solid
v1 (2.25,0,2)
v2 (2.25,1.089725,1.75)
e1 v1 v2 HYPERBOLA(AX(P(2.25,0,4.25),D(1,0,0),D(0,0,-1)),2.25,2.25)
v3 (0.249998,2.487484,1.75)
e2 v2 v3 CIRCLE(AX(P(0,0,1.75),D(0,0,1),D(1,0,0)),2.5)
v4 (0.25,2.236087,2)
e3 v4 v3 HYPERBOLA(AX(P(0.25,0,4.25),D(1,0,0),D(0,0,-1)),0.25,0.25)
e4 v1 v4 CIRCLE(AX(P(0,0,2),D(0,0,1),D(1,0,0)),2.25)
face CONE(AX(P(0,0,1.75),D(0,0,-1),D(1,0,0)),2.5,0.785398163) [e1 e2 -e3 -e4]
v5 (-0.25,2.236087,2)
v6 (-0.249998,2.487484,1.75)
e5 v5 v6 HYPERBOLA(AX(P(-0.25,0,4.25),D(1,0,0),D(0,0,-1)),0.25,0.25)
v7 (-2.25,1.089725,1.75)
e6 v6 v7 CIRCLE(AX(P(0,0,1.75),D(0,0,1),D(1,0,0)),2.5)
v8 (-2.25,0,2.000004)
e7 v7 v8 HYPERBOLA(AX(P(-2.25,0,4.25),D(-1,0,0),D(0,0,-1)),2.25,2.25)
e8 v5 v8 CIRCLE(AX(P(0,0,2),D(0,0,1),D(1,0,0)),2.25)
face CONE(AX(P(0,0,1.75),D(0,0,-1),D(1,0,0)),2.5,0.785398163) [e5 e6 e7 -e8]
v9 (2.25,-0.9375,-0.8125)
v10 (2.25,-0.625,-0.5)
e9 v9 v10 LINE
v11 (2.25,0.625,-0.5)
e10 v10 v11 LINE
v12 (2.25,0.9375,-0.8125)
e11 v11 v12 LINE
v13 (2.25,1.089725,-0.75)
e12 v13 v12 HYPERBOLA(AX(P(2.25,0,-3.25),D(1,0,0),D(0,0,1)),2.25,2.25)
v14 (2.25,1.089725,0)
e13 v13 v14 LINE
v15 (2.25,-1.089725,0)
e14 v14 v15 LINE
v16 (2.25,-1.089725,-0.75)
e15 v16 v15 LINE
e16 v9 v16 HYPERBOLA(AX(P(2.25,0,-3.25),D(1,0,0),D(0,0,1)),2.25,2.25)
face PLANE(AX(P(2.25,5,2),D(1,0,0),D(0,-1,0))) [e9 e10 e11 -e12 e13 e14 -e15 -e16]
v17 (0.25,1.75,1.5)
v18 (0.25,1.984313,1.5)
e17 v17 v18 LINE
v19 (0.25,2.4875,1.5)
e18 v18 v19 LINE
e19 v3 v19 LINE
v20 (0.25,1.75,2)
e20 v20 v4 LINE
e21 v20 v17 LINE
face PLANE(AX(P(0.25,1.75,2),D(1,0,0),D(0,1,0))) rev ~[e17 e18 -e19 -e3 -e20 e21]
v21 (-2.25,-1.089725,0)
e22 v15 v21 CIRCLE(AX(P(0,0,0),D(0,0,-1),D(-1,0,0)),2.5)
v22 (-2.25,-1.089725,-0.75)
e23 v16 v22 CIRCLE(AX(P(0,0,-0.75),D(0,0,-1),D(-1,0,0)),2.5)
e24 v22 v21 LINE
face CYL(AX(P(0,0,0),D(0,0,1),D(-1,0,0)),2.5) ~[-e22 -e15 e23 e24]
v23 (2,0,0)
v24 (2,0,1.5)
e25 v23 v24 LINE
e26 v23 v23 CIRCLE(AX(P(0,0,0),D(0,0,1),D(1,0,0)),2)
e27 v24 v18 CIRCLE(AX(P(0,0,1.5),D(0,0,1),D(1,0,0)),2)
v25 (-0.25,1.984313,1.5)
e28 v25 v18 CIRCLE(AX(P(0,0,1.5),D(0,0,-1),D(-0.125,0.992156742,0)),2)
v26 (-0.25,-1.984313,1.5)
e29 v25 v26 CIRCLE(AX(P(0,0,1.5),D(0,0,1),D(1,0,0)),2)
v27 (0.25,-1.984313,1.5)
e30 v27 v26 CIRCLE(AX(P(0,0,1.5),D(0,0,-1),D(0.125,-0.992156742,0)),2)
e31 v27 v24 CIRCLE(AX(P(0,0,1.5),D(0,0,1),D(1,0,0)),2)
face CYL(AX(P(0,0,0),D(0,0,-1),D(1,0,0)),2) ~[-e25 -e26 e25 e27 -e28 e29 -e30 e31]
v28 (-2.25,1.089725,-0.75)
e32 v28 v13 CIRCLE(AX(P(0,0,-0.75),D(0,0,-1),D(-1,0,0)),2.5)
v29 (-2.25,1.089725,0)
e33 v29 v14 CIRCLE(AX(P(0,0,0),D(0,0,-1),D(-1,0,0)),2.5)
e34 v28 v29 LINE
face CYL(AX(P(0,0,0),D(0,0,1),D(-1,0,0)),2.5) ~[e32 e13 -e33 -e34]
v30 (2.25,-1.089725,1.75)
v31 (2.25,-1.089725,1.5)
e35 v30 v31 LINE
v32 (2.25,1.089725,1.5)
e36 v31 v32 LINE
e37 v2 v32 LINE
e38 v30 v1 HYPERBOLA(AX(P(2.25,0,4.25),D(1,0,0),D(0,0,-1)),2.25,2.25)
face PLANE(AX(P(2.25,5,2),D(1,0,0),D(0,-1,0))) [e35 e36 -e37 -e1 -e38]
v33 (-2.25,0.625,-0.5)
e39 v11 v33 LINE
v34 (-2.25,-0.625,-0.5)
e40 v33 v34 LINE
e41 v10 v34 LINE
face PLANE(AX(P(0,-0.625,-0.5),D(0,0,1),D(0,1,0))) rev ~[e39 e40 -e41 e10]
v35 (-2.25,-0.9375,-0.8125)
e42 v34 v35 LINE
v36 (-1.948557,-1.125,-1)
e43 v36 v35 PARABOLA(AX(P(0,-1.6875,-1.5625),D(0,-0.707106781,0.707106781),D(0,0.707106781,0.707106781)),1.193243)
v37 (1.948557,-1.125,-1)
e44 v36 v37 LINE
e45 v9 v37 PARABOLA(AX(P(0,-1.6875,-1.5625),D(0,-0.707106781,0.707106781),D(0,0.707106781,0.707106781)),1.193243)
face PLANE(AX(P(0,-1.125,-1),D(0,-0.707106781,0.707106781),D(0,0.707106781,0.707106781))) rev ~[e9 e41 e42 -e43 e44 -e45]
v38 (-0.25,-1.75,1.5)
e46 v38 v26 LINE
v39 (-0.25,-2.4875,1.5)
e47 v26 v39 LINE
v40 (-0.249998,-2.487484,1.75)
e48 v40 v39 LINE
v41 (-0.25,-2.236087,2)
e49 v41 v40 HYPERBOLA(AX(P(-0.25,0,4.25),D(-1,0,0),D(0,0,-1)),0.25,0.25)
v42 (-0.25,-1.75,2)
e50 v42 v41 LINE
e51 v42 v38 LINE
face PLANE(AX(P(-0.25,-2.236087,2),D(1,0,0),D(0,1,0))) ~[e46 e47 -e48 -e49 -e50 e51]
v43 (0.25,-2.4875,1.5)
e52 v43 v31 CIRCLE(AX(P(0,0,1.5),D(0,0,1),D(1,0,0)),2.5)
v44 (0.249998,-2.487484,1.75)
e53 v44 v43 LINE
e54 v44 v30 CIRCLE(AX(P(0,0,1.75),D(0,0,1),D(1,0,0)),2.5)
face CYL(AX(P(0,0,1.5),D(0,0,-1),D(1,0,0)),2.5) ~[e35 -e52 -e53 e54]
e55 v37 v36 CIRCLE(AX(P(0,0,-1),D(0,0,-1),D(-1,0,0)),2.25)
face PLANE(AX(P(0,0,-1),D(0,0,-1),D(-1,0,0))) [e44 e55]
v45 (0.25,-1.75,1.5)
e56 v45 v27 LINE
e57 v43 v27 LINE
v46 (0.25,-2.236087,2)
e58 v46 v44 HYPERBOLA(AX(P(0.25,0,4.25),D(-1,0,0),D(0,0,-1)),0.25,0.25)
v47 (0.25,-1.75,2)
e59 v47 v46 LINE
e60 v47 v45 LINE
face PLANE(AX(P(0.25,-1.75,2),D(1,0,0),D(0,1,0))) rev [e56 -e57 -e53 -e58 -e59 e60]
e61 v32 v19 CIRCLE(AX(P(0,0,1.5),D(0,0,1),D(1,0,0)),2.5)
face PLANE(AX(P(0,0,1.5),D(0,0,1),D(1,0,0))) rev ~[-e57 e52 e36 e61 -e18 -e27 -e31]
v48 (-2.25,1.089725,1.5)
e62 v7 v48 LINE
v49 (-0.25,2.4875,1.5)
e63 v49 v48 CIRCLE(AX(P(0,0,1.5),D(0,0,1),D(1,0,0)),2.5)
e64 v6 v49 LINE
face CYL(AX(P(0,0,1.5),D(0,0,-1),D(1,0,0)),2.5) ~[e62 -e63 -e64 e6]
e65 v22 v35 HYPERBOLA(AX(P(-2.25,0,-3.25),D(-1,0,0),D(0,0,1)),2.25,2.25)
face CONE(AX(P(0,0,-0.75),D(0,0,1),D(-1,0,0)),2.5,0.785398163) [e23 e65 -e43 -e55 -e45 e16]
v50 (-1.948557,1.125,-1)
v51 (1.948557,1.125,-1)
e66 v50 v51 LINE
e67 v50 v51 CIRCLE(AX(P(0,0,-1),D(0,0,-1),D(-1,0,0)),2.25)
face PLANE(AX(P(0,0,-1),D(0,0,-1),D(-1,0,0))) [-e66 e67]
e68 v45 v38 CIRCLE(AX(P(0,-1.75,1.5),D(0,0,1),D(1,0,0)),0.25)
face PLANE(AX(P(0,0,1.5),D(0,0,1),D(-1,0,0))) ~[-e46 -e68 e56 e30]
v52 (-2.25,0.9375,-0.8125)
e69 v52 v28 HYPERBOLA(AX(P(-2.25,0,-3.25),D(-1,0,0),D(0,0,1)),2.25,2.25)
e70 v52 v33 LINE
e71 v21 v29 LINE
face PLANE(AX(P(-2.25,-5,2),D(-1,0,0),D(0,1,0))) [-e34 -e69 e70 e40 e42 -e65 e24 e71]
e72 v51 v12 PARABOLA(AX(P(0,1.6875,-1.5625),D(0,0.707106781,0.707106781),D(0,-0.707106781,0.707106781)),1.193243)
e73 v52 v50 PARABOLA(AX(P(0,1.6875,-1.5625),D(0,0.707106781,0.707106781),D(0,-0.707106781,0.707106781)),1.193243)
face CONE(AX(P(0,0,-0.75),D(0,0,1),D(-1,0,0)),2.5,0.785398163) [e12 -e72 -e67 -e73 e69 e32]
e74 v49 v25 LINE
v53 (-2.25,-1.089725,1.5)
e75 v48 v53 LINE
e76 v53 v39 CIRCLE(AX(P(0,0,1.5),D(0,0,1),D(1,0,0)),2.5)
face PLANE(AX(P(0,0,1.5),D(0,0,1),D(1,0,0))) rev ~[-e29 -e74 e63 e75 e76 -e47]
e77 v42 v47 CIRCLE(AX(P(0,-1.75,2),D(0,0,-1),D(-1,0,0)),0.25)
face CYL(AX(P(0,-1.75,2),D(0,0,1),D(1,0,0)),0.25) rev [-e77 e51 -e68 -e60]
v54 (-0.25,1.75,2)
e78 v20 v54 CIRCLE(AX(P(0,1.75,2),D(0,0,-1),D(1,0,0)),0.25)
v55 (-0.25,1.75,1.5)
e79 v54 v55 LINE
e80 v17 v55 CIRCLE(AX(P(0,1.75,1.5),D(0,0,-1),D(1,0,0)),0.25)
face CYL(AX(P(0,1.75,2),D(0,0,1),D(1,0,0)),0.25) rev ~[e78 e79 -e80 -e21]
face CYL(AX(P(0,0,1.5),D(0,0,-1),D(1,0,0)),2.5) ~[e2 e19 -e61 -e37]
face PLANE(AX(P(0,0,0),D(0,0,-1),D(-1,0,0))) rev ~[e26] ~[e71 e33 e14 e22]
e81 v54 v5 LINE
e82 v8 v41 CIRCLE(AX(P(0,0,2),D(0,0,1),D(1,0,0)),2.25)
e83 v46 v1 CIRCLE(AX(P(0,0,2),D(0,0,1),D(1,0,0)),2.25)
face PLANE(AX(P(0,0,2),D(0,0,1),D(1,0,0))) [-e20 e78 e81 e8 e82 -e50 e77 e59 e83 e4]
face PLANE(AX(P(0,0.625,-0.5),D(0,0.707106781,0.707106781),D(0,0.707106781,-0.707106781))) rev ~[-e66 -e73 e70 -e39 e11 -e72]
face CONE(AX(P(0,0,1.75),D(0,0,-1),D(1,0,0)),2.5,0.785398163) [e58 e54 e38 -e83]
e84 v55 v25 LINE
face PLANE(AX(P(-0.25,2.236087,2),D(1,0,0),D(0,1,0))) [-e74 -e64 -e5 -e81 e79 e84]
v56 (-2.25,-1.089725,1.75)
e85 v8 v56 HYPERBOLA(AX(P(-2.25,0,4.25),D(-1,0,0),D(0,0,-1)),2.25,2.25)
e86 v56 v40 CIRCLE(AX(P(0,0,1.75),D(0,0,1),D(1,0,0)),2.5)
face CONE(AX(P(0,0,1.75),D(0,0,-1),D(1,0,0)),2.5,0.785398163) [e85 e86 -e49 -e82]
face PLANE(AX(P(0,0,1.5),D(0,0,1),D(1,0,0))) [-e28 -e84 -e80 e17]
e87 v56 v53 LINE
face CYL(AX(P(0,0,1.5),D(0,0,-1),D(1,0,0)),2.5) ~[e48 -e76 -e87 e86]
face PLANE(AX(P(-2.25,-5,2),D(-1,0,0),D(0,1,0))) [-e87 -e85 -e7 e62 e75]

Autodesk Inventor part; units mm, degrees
ref_plane "YZ Plane" through (0, 0, 0) normal (1, 0, 0) x (0, 1, 0)
ref_plane "XZ Plane" through (0, 0, 0) normal (0, 1, 0) x (-1, 0, 0)
ref_plane "XY Plane" through (0, 0, 0) normal (0, 0, 1) x (1, 0, 0)
sketch "Sketch1" plane through (0, 0, 0) normal (0, 0, 1) x (1, 0, 0)
  circle A0 centre (0, 0) radius 2
  dimension "d0" = 4
extrude "Extrusion1" add sketch "Sketch1" along normal blind 1.5
sketch "Sketch2" plane through (0, 0, 0) normal (0, 0, -1) x (-1, 0, 0)
  circle A0 centre (0, 0) radius 2.5
  dimension "d3" = 5
extrude "Extrusion2" add sketch "Sketch2" along normal blind 1
sketch "Sketch3" plane through (0, 0, 1.5) normal (0, 0, 1) x (1, 0, 0)
  circle A0 centre (0, 0) radius 2.5
  dimension "d6" = 5
extrude "Extrusion3" add sketch "Sketch3" along normal blind 0.5
chamfer "Chamfer1" distance 0.25 angle 45 2 edges at (-2.5, 0, 2) (2.5, 0, -1)
sketch "Sketch4" plane through (0, 0, 0) normal (1, 0, 0) x (0, 1, 0)
  line L0 (2.5, 0) -> (-2.5, 0) projected
  line L1 (-2.5, -1) -> (2.5, -1) projected
  line L2 (0, -1) -> (0, 0)
  line L3 (-1.125, -1) -> (-0.625, -0.5)
  line L4 (-0.625, -0.5) -> (0.625, -0.5)
  line L5 (0.625, -0.5) -> (1.125, -1)
  point P0 (0, -0.5)
  dimension "d14" = 1.25
extrude "Extrusion4" cut sketch "Sketch4" along normal through all both and the other way through all
sketch "Sketch5" plane through (0, 0, 2) normal (0, 0, 1) x (1, 0, 0)
  line L0 (-2.25, 5) -> (2.25, 5)
  line L1 (2.25, 5) -> (2.25, -5)
  line L2 (2.25, -5) -> (-2.25, -5)
  line L3 (-2.25, -5) -> (-2.25, 5)
  line L4 (-2.25, 5) -> (2.25, -5) construction
  line L5 (2.25, 5) -> (-2.25, -5) construction
  point P0 (0, 0)
  dimension "d18" = 4.5
  dimension "d19" = 10
extrude "Extrusion5" cut sketch "Sketch5" along normal through all both and the other way through all keep common part
sketch "Sketch6" plane through (0, 0, 2) normal (0, 0, 1) x (1, 0, 0)
  arc A0 (-2.25, 0) -> (2.25, 0) centre (0, 0) ccw projected
  arc A1 (2.25, 0) -> (-2.25, 0) centre (0, 0) ccw projected
  arc A2 (1.9486, 1.125) -> (-1.9486, 1.125) centre (0, 0) ccw projected
  line L0 (0, 2.25) -> (0, -2.25)
  circle A3 centre (0, 1.75) radius 0.25
  arc A4 (2.25, 1.0897) -> (-2.25, 1.0897) centre (0, 0) ccw projected
  line L1 (0.25, 1.75) -> (0.25, 2.4875)
  arc A5 (2.25, 1.0897) -> (-2.25, 1.0897) centre (0, 0) ccw projected
  line L2 (-0.25, 1.75) -> (-0.25, 2.4875)
  dimension "d22" = 0.5
  dimension "d24" = 0.5
extrude "Extrusion6" cut sketch "Sketch6" against normal up to surface (0.5 mm away) contours A3 L0 | L0 A3 | L2 A4 L1 A1 | A1 L0 A3 L2 | L0 A1 L1 A3
mirror "Mirror1" about plane through (0, 0, 0) normal (0, 1, 0) of "Extrusion6"
properties part number "SDR0503" material "ABS Plastic"
